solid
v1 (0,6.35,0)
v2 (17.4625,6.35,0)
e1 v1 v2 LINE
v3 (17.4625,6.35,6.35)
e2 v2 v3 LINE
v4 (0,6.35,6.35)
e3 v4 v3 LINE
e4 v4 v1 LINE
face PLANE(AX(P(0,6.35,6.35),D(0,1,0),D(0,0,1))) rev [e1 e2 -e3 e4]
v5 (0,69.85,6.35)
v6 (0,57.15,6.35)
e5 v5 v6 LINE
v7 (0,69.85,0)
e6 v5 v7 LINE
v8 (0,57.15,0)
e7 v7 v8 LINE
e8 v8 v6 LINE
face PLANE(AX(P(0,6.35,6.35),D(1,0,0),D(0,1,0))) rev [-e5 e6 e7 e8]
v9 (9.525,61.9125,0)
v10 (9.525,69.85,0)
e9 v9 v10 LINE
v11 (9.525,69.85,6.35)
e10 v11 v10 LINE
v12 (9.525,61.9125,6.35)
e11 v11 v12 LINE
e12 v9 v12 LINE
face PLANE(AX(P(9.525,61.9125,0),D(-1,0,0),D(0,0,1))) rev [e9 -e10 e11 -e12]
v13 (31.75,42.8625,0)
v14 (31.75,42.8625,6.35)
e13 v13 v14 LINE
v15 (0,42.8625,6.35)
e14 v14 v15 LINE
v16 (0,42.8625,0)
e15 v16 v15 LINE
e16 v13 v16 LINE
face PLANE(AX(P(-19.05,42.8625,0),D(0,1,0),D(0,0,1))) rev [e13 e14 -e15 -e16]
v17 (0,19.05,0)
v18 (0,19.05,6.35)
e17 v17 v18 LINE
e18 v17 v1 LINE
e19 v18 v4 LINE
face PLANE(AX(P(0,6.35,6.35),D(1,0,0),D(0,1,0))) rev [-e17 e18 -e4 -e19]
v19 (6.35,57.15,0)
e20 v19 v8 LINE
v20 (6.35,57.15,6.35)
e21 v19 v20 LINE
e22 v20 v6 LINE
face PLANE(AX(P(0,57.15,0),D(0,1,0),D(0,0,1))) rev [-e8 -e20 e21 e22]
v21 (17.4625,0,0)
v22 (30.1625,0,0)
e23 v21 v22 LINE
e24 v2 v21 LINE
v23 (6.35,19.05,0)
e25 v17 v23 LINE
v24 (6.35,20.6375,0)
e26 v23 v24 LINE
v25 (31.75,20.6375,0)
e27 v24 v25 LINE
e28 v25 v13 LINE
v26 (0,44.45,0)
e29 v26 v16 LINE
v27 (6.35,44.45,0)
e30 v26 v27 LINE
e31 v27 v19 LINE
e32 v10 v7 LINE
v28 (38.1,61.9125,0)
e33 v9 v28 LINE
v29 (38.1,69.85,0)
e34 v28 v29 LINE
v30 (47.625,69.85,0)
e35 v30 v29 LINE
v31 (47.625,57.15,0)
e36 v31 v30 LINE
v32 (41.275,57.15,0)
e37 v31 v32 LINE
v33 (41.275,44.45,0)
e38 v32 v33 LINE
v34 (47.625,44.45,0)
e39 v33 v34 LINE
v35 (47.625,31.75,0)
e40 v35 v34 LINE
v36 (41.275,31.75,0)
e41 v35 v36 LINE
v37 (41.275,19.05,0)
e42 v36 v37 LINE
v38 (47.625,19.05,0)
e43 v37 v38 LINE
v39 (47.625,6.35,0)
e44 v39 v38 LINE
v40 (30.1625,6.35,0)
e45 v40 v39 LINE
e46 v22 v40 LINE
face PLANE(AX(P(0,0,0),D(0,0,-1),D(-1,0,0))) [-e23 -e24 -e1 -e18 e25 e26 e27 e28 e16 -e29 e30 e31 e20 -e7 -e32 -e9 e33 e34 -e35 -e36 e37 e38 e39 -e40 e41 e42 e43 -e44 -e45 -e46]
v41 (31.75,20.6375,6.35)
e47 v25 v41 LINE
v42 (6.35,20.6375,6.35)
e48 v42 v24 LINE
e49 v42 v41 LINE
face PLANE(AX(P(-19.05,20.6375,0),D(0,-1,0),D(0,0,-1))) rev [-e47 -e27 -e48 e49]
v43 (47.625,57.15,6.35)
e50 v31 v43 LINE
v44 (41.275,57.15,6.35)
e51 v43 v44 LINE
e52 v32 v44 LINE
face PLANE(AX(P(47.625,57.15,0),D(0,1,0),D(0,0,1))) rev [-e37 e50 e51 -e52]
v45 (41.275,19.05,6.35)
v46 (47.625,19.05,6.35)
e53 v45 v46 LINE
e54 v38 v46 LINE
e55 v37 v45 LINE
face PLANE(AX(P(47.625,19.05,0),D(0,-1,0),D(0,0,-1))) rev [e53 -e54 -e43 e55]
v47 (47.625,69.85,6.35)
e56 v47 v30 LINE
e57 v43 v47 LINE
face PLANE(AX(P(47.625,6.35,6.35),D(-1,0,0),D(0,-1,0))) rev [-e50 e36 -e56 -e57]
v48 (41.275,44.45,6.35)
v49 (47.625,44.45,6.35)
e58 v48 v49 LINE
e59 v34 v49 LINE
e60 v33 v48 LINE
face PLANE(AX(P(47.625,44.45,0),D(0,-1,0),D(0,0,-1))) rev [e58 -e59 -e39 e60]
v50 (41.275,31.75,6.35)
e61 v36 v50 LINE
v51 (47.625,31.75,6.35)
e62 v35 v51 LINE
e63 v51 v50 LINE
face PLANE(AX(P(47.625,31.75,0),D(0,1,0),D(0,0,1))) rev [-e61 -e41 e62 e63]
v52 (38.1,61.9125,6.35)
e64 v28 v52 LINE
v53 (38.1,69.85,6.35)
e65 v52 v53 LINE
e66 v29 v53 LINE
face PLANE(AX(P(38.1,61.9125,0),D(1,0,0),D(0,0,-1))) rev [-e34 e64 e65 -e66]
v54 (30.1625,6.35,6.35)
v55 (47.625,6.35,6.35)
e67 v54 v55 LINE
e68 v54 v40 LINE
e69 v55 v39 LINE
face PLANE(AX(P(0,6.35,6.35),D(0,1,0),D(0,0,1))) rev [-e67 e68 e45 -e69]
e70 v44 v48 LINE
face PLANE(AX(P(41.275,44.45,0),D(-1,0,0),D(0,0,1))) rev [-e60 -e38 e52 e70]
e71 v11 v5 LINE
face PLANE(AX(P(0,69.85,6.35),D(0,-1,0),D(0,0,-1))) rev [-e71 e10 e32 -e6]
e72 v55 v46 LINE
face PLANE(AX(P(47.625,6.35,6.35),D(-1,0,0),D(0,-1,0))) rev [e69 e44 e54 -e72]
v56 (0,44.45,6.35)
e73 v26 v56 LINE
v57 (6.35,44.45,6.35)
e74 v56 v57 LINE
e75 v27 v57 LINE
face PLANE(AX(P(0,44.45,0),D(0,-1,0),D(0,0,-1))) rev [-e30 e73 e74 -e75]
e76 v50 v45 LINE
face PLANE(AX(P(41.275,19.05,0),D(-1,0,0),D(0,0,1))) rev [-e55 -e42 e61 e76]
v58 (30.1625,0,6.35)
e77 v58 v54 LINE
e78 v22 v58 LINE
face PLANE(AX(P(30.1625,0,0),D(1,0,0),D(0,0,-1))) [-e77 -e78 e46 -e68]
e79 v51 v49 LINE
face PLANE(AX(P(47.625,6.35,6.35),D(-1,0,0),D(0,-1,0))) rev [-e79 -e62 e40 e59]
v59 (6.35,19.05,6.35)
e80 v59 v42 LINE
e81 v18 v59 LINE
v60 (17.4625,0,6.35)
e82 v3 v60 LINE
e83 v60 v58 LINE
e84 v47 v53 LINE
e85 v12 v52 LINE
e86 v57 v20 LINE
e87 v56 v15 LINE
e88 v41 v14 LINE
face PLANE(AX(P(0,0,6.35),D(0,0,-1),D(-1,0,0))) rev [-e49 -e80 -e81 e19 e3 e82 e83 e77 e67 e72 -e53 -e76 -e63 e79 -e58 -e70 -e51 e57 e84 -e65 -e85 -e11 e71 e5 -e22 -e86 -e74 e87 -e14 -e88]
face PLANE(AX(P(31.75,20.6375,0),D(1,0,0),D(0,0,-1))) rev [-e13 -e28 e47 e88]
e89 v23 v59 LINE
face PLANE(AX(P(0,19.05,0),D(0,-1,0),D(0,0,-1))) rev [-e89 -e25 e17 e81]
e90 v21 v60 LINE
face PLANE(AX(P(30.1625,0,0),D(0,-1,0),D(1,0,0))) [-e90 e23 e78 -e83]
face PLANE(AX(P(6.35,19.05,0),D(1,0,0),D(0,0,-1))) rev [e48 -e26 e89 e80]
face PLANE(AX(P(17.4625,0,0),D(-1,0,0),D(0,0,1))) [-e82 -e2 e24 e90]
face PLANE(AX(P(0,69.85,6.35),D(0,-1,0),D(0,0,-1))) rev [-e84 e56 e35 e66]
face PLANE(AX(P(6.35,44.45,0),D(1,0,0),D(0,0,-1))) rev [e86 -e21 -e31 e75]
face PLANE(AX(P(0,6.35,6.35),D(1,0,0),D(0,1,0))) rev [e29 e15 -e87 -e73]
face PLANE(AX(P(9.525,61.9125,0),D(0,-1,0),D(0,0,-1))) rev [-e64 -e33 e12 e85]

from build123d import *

# Parameters (mm, degrees)
SKETCH1_W           = 47.625
SKETCH1_H           = 63.5
BOSS_EXTRUDE1_DEPTH = 6.35
SKETCH2_W           = 12.7
SKETCH2_H           = 12.7
BOSS_EXTRUDE2_DEPTH = 6.35
SKETCH3_W           = 6.35
SKETCH3_H           = 12.7
CUT_EXTRUDE1_DEPTH  = 85.77904001
LPATTERN1_COUNT     = 2
LPATTERN1_PITCH     = 25.4
SKETCH4_W           = 50.8
SKETCH4_H           = 22.225
SERVO_CUT_DEPTH     = 85.77904001
SKETCH5_W           = 28.575
SKETCH5_H           = 15.875
CUT_EXTRUDE2_DEPTH  = 85.77904001


with BuildPart() as part:
    # Sketch1 → Boss-Extrude1 (new body)
    with BuildSketch(Plane.XY):
        with Locations((23.8125, 38.1)):
            Rectangle(SKETCH1_W, SKETCH1_H)
    extrude(amount=BOSS_EXTRUDE1_DEPTH)

    # Sketch2 → Boss-Extrude2 (add)
    with BuildSketch(Plane.XY.offset(6.35)):
        with Locations((23.8125, 6.35)):
            Rectangle(SKETCH2_W, SKETCH2_H)
    extrude(amount=-BOSS_EXTRUDE2_DEPTH)

    # Sketch3 → Cut-Extrude1 (cut, through all)
    with BuildSketch(Plane.XY.offset(6.35)):
        with Locations((3.175, 25.4)):
            Rectangle(SKETCH3_W, SKETCH3_H)
        with Locations((44.45, 25.4)):
            Rectangle(SKETCH3_W, SKETCH3_H)
    cut_extrude1 = extrude(amount=-CUT_EXTRUDE1_DEPTH, mode=Mode.SUBTRACT)

    # LPattern1: Cut-Extrude1 ×2
    with Locations(*[(0, i * LPATTERN1_PITCH, 0) for i in range(1, LPATTERN1_COUNT)]):
        add(cut_extrude1, mode=Mode.SUBTRACT)

    # Sketch4 → Servo Cut (cut, through all)
    with BuildSketch(Plane.XY.offset(6.35)):
        with Locations((6.35, 31.75)):
            Rectangle(SKETCH4_W, SKETCH4_H)
    extrude(amount=-SERVO_CUT_DEPTH, mode=Mode.SUBTRACT)

    # Sketch5 → Cut-Extrude2 (cut, through all)
    with BuildSketch(Plane.XY.offset(6.35)):
        with Locations((23.8125, 69.85)):
            Rectangle(SKETCH5_W, SKETCH5_H)
    extrude(amount=-CUT_EXTRUDE2_DEPTH, mode=Mode.SUBTRACT)


solid = part.part
